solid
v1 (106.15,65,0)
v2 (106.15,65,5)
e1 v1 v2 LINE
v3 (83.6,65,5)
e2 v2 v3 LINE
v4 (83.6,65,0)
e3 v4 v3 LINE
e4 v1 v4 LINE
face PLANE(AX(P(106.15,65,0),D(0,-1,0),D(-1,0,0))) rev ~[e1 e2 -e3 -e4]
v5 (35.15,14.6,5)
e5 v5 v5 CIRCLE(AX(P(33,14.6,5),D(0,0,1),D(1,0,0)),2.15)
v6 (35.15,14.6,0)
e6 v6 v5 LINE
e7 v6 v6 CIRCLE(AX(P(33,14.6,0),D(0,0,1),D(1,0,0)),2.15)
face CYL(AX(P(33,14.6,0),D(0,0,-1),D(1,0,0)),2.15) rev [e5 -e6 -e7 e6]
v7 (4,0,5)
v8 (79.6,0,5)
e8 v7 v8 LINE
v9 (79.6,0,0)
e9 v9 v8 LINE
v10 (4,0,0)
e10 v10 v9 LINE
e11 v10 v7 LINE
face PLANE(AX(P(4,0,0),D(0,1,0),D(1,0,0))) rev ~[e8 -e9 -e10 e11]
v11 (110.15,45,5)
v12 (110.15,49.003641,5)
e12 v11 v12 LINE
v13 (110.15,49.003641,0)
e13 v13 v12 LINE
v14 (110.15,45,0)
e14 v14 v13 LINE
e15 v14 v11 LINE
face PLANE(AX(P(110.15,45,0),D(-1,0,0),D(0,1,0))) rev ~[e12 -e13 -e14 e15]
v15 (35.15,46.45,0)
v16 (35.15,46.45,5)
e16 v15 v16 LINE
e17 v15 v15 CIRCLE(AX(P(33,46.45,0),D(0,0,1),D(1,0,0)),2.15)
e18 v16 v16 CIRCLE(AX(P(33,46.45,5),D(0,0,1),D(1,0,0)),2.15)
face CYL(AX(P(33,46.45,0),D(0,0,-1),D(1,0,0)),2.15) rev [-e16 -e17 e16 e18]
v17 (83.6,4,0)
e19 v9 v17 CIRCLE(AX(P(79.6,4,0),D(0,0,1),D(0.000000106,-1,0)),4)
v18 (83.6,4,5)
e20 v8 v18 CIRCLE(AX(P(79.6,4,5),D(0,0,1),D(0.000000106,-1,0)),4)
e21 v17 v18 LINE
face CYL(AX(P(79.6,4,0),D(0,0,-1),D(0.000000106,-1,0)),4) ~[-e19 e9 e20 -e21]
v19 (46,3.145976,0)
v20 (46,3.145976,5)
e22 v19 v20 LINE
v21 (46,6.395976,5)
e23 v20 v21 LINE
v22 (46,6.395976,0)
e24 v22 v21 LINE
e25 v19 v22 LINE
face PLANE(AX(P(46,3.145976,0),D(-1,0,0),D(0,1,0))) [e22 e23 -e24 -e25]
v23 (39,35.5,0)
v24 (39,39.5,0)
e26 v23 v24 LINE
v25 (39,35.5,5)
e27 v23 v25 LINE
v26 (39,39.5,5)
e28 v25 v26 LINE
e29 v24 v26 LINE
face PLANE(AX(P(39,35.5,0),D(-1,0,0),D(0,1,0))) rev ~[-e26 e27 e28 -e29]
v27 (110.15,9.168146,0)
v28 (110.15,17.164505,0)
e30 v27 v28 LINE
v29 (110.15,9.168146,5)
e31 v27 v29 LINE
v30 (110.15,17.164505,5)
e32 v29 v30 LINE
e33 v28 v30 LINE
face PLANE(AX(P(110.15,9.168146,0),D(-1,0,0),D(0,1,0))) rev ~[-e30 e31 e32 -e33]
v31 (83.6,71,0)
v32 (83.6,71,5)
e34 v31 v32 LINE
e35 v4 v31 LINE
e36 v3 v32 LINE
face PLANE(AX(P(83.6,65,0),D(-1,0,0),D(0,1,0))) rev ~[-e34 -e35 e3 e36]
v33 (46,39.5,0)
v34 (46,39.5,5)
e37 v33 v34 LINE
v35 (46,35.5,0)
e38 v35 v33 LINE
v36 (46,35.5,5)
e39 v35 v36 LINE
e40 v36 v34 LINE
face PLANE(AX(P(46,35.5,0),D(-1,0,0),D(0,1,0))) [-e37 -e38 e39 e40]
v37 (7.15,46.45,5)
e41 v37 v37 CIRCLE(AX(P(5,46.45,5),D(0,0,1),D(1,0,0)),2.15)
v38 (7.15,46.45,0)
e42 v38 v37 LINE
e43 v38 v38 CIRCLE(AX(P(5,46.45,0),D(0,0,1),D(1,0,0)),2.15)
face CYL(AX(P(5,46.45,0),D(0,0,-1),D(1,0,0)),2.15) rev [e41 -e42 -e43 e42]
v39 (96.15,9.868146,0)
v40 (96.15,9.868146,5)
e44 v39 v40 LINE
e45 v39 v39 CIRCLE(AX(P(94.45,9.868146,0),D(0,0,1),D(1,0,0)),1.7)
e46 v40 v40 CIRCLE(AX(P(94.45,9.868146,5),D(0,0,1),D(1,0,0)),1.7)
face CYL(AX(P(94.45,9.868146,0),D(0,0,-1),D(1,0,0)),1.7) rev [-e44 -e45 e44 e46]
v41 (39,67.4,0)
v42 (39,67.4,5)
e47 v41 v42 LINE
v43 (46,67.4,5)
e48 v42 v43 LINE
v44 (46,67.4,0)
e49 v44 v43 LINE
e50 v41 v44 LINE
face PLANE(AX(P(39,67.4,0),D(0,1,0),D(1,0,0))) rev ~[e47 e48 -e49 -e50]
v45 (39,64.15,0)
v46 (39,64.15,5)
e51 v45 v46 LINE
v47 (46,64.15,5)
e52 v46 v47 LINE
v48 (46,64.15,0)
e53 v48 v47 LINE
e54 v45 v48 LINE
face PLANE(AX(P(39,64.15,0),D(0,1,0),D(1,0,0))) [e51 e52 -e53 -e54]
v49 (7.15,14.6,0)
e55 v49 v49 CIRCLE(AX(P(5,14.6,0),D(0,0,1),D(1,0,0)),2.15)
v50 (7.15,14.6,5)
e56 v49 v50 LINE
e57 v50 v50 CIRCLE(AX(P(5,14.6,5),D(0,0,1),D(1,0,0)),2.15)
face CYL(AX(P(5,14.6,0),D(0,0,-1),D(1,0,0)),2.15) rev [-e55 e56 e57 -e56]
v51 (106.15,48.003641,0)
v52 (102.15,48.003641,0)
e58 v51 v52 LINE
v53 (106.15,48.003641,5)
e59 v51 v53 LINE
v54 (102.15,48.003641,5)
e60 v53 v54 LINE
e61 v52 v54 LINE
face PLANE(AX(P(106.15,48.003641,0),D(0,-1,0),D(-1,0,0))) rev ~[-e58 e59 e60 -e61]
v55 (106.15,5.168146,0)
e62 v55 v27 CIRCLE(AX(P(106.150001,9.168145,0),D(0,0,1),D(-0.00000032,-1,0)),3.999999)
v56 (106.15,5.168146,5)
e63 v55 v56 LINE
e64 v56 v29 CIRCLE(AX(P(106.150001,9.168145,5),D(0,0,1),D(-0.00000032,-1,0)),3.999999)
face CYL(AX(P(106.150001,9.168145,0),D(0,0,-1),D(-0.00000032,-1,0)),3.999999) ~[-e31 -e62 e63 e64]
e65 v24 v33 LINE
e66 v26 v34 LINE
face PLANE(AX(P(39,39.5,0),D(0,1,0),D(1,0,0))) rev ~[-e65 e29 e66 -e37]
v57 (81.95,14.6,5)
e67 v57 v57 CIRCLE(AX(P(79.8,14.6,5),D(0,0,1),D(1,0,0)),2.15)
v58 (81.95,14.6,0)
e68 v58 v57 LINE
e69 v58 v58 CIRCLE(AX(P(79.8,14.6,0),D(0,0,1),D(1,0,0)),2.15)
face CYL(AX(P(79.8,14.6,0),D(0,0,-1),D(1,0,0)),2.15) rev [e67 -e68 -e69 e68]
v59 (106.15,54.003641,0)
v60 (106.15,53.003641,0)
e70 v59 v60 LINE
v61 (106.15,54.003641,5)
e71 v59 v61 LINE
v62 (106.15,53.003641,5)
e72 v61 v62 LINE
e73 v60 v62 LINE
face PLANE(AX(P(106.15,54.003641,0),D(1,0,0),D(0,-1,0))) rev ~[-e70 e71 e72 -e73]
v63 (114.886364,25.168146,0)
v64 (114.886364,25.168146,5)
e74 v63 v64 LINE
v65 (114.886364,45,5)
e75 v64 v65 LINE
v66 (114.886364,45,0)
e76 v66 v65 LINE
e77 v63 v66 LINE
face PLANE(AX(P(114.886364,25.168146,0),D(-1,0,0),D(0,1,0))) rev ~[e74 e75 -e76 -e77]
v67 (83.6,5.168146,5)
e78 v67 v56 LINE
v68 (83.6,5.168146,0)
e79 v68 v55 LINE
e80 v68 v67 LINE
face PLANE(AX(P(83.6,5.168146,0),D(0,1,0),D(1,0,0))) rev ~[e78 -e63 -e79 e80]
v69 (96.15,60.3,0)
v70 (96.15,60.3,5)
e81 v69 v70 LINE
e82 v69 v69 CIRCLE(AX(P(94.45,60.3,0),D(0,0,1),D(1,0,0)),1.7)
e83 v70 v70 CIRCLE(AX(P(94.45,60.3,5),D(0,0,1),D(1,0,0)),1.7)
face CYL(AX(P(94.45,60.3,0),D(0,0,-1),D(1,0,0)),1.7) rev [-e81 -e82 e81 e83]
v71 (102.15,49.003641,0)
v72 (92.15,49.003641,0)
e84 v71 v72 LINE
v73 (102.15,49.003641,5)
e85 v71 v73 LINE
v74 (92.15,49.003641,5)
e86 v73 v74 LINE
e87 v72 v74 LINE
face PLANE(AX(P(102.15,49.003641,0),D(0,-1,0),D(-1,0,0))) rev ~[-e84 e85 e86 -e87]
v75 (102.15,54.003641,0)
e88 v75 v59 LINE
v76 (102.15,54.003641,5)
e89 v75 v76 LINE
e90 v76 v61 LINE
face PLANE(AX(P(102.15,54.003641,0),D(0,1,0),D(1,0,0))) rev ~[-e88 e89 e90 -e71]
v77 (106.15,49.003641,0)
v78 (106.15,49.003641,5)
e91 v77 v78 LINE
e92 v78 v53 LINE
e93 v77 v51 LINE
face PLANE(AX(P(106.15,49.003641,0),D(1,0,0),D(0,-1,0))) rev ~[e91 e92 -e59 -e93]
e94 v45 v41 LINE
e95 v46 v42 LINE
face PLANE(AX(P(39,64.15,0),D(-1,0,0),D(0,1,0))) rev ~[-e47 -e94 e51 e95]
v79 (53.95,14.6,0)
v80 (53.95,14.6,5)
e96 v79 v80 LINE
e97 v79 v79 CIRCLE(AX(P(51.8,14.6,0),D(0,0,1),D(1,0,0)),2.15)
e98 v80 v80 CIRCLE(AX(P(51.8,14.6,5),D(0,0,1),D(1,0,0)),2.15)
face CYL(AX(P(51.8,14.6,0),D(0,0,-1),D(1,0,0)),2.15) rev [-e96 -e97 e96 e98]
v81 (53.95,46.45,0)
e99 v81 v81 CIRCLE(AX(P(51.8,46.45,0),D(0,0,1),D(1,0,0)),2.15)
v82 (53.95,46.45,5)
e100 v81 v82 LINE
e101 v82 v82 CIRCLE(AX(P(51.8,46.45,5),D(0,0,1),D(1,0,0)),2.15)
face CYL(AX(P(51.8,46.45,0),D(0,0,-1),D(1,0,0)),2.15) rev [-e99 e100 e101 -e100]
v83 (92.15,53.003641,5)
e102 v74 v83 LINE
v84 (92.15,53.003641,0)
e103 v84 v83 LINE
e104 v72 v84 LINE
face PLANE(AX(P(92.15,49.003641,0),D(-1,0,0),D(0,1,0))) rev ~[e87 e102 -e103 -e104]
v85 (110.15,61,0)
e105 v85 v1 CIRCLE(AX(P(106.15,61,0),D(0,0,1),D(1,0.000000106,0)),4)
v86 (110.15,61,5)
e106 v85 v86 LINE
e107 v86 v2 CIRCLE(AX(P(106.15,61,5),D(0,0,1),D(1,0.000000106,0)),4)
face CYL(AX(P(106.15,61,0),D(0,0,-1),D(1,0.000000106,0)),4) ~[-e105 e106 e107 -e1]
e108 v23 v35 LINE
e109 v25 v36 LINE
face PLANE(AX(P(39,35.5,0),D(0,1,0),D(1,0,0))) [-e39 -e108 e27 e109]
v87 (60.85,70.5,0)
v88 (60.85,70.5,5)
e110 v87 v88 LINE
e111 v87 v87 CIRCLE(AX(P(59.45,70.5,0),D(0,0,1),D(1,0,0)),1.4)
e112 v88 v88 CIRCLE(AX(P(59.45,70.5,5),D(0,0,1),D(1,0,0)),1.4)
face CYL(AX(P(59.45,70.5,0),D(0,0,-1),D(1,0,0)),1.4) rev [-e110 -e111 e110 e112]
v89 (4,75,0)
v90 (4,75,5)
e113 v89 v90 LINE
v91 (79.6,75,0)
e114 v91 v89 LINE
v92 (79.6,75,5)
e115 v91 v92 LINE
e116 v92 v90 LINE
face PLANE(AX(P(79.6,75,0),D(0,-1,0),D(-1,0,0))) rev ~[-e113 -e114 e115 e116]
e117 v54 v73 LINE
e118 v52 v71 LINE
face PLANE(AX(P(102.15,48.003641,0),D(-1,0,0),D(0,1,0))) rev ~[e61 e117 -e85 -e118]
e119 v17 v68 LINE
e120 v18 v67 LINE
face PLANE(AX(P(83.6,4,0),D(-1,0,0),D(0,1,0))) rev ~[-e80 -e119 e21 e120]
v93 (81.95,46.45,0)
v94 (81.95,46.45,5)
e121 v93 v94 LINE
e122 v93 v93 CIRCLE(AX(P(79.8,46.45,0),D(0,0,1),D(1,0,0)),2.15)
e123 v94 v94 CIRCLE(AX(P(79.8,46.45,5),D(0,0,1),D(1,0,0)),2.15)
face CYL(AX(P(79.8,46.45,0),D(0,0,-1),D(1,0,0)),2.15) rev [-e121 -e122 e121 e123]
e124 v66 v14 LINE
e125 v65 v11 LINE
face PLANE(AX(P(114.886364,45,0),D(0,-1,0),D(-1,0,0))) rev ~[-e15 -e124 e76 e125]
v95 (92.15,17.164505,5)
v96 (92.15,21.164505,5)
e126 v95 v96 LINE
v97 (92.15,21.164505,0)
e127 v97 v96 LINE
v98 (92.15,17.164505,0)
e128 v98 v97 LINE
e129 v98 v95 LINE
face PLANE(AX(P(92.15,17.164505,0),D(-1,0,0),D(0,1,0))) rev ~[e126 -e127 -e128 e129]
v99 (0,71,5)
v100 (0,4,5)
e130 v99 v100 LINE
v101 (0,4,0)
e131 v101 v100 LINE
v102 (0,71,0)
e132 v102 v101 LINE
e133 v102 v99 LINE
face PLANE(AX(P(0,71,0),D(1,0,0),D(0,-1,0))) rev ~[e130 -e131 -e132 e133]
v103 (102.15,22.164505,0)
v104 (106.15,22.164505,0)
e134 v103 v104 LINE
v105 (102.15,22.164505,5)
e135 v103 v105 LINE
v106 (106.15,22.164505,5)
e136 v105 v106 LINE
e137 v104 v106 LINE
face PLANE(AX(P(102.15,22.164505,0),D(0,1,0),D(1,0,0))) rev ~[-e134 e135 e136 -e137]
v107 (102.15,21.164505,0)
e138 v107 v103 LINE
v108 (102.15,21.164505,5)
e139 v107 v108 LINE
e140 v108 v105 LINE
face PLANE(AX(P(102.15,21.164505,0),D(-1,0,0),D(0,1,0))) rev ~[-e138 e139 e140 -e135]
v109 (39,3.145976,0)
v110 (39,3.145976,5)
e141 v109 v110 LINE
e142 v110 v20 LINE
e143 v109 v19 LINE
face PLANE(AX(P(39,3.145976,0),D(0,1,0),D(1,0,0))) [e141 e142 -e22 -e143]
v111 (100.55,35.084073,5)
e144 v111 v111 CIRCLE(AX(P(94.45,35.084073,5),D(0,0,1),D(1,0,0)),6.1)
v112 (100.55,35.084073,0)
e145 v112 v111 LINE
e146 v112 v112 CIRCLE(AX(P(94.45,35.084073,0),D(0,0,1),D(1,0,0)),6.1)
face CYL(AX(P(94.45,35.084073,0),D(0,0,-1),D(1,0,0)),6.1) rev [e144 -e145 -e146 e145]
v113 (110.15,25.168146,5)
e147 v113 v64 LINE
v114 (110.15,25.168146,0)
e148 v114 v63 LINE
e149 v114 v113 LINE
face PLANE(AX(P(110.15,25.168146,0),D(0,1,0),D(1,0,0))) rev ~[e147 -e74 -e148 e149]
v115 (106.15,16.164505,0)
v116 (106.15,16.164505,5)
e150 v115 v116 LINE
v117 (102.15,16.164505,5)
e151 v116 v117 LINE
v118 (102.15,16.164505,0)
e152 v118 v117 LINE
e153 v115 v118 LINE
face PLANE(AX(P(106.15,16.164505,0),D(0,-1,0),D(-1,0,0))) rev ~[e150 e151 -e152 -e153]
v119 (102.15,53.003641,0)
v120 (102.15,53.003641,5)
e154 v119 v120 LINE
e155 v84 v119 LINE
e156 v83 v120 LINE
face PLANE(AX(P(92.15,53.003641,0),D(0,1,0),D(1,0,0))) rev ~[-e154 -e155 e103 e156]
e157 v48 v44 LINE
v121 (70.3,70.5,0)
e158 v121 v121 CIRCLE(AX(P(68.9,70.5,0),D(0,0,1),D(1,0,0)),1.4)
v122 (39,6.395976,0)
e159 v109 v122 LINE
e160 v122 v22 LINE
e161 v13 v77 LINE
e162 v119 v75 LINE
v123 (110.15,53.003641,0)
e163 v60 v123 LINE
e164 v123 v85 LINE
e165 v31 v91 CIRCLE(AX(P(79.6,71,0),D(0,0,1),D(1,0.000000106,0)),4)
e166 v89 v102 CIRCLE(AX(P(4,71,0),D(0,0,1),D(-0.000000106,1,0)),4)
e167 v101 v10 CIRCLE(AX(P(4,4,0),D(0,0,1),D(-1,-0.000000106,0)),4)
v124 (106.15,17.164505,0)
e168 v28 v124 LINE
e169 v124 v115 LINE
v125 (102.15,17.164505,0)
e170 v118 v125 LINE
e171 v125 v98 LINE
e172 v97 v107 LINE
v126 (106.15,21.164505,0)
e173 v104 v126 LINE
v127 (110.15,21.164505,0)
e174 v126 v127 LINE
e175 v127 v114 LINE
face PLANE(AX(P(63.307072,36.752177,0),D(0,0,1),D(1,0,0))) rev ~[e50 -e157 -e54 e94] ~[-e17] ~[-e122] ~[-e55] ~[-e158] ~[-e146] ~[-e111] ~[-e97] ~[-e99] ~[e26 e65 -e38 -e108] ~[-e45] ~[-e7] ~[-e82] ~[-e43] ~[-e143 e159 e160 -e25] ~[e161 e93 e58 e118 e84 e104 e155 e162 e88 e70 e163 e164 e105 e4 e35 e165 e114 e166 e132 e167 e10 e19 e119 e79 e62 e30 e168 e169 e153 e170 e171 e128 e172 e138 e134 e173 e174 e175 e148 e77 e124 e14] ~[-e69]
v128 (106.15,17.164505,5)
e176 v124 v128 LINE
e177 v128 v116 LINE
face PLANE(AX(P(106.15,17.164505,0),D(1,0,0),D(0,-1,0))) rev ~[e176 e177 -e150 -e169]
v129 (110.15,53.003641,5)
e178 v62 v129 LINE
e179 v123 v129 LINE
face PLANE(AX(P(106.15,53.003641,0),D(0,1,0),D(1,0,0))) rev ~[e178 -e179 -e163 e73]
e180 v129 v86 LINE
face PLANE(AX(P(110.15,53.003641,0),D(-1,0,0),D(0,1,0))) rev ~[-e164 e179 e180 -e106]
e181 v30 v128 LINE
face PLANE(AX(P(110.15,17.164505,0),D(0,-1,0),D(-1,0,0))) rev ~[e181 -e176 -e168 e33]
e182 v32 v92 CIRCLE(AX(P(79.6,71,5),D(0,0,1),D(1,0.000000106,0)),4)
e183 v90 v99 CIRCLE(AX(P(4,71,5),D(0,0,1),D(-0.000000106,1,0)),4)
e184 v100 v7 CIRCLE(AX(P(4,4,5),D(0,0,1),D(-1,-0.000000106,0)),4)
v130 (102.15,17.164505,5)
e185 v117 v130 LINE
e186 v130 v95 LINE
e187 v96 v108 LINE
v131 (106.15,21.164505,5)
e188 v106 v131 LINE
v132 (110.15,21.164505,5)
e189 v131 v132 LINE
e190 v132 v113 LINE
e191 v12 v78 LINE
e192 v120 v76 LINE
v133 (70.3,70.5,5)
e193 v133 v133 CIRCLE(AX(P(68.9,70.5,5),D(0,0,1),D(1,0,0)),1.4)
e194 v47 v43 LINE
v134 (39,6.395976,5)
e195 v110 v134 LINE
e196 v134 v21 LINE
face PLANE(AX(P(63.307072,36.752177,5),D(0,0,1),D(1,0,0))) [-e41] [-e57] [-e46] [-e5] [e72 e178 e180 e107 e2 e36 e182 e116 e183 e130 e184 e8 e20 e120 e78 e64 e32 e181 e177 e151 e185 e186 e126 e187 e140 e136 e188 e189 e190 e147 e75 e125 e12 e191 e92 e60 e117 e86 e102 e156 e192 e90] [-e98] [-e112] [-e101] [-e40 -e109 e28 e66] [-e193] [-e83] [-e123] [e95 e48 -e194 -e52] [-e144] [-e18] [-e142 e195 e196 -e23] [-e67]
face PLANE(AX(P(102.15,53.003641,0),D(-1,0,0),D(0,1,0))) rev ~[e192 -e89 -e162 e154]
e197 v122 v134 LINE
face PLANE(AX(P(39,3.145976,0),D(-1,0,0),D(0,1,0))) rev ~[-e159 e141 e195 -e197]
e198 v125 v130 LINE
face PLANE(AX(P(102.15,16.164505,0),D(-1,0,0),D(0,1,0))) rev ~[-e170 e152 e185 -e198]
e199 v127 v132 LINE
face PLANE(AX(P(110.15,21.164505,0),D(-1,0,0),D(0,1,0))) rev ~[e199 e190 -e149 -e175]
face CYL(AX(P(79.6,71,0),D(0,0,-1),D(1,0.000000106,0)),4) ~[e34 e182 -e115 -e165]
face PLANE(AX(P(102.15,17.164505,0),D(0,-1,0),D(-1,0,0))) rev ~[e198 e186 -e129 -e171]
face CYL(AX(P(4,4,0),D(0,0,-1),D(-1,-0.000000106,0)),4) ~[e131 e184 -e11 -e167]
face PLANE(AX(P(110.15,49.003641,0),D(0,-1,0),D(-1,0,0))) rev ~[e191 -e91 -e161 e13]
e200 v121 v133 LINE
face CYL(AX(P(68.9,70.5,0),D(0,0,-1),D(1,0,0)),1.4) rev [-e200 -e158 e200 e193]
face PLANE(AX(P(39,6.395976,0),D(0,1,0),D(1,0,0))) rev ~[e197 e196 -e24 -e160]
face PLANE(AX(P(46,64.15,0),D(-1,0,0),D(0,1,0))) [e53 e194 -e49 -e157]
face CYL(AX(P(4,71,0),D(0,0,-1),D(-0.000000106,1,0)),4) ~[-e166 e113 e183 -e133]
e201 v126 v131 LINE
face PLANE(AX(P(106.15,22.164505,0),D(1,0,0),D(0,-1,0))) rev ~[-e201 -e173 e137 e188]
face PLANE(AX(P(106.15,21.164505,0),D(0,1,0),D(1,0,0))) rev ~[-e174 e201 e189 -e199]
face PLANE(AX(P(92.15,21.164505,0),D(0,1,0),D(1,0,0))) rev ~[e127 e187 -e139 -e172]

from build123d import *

# Parameters (mm, degrees)
F0_R     = 2.15
F0_W     = 7
F0_H     = 3.25
F0_R_2   = 1.7
F0_R_3   = 6.1
F0_H_2   = 4
F0_R_4   = 1.4
F1_DEPTH = 5


with BuildPart() as f1:
    # F0 (on Top) → F1 (new body)
    with BuildSketch(Plane.XY):
        with BuildLine():
            ThreePointArc((0, 4), (1.171573, 1.171573), (4, 0))
            Line((4, 0), (79.6, 0))
            ThreePointArc((79.6, 0), (82.428427, 1.171573), (83.6, 4))
            Line((83.6, 4), (83.6, 5.168146))
            Line((83.6, 5.168146), (106.15, 5.168146))
            ThreePointArc((106.15, 5.168146), (108.978427, 6.339718), (110.15, 9.168146))
            Line((110.15, 9.168146), (110.15, 17.164505))
            Line((110.15, 17.164505), (106.15, 17.164505))
            Line((106.15, 17.164505), (106.15, 16.164505))
            Line((106.15, 16.164505), (102.15, 16.164505))
            Line((102.15, 16.164505), (102.15, 17.164505))
            Line((102.15, 17.164505), (92.15, 17.164505))
            Line((92.15, 17.164505), (92.15, 21.164505))
            Line((92.15, 21.164505), (102.15, 21.164505))
            Line((102.15, 21.164505), (102.15, 22.164505))
            Line((102.15, 22.164505), (106.15, 22.164505))
            Line((106.15, 22.164505), (106.15, 21.164505))
            Line((106.15, 21.164505), (110.15, 21.164505))
            Line((110.15, 21.164505), (110.15, 25.168146))
            Line((110.15, 25.168146), (114.886364, 25.168146))
            Line((114.886364, 25.168146), (114.886364, 45))
            Line((114.886364, 45), (110.15, 45))
            Line((110.15, 45), (110.15, 49.003641))
            Line((110.15, 49.003641), (106.15, 49.003641))
            Line((106.15, 49.003641), (106.15, 48.003641))
            Line((106.15, 48.003641), (102.15, 48.003641))
            Line((102.15, 48.003641), (102.15, 49.003641))
            Line((102.15, 49.003641), (92.15, 49.003641))
            Line((92.15, 49.003641), (92.15, 53.003641))
            Line((92.15, 53.003641), (102.15, 53.003641))
            Line((102.15, 53.003641), (102.15, 54.003641))
            Line((102.15, 54.003641), (106.15, 54.003641))
            Line((106.15, 54.003641), (106.15, 53.003641))
            Line((106.15, 53.003641), (110.15, 53.003641))
            Line((110.15, 53.003641), (110.15, 61))
            ThreePointArc((110.15, 61), (108.978427, 63.828427), (106.15, 65))
            Line((106.15, 65), (83.6, 65))
            Line((83.6, 65), (83.6, 71))
            ThreePointArc((83.6, 71), (82.428427, 73.828427), (79.6, 75))
            Line((79.6, 75), (4, 75))
            ThreePointArc((4, 75), (1.171573, 73.828427), (0, 71))
            Line((0, 71), (0, 4))
        make_face()
        with Locations((5, 14.6)):
            Circle(F0_R, mode=Mode.SUBTRACT)
        with Locations((42.5, 4.770976)):
            Rectangle(F0_W, F0_H, mode=Mode.SUBTRACT)
        with Locations((33, 14.6)):
            Circle(F0_R, mode=Mode.SUBTRACT)
        with Locations((51.8, 14.6)):
            Circle(F0_R, mode=Mode.SUBTRACT)
        with Locations((79.8, 14.6)):
            Circle(F0_R, mode=Mode.SUBTRACT)
        with Locations((94.45, 9.868146)):
            Circle(F0_R_2, mode=Mode.SUBTRACT)
        with Locations((94.45, 35.084073)):
            Circle(F0_R_3, mode=Mode.SUBTRACT)
        with Locations((5, 46.45)):
            Circle(F0_R, mode=Mode.SUBTRACT)
        with Locations((42.5, 37.5)):
            Rectangle(F0_W, F0_H_2, mode=Mode.SUBTRACT)
        with Locations((33, 46.45)):
            Circle(F0_R, mode=Mode.SUBTRACT)
        with Locations((51.8, 46.45)):
            Circle(F0_R, mode=Mode.SUBTRACT)
        with Locations((42.5, 65.775)):
            Rectangle(F0_W, F0_H, mode=Mode.SUBTRACT)
        with Locations((79.8, 46.45)):
            Circle(F0_R, mode=Mode.SUBTRACT)
        with Locations((59.45, 70.5)):
            Circle(F0_R_4, mode=Mode.SUBTRACT)
        with Locations((68.9, 70.5)):
            Circle(F0_R_4, mode=Mode.SUBTRACT)
        with Locations((94.45, 60.3)):
            Circle(F0_R_2, mode=Mode.SUBTRACT)
    extrude(amount=F1_DEPTH)


solid = f1.part
